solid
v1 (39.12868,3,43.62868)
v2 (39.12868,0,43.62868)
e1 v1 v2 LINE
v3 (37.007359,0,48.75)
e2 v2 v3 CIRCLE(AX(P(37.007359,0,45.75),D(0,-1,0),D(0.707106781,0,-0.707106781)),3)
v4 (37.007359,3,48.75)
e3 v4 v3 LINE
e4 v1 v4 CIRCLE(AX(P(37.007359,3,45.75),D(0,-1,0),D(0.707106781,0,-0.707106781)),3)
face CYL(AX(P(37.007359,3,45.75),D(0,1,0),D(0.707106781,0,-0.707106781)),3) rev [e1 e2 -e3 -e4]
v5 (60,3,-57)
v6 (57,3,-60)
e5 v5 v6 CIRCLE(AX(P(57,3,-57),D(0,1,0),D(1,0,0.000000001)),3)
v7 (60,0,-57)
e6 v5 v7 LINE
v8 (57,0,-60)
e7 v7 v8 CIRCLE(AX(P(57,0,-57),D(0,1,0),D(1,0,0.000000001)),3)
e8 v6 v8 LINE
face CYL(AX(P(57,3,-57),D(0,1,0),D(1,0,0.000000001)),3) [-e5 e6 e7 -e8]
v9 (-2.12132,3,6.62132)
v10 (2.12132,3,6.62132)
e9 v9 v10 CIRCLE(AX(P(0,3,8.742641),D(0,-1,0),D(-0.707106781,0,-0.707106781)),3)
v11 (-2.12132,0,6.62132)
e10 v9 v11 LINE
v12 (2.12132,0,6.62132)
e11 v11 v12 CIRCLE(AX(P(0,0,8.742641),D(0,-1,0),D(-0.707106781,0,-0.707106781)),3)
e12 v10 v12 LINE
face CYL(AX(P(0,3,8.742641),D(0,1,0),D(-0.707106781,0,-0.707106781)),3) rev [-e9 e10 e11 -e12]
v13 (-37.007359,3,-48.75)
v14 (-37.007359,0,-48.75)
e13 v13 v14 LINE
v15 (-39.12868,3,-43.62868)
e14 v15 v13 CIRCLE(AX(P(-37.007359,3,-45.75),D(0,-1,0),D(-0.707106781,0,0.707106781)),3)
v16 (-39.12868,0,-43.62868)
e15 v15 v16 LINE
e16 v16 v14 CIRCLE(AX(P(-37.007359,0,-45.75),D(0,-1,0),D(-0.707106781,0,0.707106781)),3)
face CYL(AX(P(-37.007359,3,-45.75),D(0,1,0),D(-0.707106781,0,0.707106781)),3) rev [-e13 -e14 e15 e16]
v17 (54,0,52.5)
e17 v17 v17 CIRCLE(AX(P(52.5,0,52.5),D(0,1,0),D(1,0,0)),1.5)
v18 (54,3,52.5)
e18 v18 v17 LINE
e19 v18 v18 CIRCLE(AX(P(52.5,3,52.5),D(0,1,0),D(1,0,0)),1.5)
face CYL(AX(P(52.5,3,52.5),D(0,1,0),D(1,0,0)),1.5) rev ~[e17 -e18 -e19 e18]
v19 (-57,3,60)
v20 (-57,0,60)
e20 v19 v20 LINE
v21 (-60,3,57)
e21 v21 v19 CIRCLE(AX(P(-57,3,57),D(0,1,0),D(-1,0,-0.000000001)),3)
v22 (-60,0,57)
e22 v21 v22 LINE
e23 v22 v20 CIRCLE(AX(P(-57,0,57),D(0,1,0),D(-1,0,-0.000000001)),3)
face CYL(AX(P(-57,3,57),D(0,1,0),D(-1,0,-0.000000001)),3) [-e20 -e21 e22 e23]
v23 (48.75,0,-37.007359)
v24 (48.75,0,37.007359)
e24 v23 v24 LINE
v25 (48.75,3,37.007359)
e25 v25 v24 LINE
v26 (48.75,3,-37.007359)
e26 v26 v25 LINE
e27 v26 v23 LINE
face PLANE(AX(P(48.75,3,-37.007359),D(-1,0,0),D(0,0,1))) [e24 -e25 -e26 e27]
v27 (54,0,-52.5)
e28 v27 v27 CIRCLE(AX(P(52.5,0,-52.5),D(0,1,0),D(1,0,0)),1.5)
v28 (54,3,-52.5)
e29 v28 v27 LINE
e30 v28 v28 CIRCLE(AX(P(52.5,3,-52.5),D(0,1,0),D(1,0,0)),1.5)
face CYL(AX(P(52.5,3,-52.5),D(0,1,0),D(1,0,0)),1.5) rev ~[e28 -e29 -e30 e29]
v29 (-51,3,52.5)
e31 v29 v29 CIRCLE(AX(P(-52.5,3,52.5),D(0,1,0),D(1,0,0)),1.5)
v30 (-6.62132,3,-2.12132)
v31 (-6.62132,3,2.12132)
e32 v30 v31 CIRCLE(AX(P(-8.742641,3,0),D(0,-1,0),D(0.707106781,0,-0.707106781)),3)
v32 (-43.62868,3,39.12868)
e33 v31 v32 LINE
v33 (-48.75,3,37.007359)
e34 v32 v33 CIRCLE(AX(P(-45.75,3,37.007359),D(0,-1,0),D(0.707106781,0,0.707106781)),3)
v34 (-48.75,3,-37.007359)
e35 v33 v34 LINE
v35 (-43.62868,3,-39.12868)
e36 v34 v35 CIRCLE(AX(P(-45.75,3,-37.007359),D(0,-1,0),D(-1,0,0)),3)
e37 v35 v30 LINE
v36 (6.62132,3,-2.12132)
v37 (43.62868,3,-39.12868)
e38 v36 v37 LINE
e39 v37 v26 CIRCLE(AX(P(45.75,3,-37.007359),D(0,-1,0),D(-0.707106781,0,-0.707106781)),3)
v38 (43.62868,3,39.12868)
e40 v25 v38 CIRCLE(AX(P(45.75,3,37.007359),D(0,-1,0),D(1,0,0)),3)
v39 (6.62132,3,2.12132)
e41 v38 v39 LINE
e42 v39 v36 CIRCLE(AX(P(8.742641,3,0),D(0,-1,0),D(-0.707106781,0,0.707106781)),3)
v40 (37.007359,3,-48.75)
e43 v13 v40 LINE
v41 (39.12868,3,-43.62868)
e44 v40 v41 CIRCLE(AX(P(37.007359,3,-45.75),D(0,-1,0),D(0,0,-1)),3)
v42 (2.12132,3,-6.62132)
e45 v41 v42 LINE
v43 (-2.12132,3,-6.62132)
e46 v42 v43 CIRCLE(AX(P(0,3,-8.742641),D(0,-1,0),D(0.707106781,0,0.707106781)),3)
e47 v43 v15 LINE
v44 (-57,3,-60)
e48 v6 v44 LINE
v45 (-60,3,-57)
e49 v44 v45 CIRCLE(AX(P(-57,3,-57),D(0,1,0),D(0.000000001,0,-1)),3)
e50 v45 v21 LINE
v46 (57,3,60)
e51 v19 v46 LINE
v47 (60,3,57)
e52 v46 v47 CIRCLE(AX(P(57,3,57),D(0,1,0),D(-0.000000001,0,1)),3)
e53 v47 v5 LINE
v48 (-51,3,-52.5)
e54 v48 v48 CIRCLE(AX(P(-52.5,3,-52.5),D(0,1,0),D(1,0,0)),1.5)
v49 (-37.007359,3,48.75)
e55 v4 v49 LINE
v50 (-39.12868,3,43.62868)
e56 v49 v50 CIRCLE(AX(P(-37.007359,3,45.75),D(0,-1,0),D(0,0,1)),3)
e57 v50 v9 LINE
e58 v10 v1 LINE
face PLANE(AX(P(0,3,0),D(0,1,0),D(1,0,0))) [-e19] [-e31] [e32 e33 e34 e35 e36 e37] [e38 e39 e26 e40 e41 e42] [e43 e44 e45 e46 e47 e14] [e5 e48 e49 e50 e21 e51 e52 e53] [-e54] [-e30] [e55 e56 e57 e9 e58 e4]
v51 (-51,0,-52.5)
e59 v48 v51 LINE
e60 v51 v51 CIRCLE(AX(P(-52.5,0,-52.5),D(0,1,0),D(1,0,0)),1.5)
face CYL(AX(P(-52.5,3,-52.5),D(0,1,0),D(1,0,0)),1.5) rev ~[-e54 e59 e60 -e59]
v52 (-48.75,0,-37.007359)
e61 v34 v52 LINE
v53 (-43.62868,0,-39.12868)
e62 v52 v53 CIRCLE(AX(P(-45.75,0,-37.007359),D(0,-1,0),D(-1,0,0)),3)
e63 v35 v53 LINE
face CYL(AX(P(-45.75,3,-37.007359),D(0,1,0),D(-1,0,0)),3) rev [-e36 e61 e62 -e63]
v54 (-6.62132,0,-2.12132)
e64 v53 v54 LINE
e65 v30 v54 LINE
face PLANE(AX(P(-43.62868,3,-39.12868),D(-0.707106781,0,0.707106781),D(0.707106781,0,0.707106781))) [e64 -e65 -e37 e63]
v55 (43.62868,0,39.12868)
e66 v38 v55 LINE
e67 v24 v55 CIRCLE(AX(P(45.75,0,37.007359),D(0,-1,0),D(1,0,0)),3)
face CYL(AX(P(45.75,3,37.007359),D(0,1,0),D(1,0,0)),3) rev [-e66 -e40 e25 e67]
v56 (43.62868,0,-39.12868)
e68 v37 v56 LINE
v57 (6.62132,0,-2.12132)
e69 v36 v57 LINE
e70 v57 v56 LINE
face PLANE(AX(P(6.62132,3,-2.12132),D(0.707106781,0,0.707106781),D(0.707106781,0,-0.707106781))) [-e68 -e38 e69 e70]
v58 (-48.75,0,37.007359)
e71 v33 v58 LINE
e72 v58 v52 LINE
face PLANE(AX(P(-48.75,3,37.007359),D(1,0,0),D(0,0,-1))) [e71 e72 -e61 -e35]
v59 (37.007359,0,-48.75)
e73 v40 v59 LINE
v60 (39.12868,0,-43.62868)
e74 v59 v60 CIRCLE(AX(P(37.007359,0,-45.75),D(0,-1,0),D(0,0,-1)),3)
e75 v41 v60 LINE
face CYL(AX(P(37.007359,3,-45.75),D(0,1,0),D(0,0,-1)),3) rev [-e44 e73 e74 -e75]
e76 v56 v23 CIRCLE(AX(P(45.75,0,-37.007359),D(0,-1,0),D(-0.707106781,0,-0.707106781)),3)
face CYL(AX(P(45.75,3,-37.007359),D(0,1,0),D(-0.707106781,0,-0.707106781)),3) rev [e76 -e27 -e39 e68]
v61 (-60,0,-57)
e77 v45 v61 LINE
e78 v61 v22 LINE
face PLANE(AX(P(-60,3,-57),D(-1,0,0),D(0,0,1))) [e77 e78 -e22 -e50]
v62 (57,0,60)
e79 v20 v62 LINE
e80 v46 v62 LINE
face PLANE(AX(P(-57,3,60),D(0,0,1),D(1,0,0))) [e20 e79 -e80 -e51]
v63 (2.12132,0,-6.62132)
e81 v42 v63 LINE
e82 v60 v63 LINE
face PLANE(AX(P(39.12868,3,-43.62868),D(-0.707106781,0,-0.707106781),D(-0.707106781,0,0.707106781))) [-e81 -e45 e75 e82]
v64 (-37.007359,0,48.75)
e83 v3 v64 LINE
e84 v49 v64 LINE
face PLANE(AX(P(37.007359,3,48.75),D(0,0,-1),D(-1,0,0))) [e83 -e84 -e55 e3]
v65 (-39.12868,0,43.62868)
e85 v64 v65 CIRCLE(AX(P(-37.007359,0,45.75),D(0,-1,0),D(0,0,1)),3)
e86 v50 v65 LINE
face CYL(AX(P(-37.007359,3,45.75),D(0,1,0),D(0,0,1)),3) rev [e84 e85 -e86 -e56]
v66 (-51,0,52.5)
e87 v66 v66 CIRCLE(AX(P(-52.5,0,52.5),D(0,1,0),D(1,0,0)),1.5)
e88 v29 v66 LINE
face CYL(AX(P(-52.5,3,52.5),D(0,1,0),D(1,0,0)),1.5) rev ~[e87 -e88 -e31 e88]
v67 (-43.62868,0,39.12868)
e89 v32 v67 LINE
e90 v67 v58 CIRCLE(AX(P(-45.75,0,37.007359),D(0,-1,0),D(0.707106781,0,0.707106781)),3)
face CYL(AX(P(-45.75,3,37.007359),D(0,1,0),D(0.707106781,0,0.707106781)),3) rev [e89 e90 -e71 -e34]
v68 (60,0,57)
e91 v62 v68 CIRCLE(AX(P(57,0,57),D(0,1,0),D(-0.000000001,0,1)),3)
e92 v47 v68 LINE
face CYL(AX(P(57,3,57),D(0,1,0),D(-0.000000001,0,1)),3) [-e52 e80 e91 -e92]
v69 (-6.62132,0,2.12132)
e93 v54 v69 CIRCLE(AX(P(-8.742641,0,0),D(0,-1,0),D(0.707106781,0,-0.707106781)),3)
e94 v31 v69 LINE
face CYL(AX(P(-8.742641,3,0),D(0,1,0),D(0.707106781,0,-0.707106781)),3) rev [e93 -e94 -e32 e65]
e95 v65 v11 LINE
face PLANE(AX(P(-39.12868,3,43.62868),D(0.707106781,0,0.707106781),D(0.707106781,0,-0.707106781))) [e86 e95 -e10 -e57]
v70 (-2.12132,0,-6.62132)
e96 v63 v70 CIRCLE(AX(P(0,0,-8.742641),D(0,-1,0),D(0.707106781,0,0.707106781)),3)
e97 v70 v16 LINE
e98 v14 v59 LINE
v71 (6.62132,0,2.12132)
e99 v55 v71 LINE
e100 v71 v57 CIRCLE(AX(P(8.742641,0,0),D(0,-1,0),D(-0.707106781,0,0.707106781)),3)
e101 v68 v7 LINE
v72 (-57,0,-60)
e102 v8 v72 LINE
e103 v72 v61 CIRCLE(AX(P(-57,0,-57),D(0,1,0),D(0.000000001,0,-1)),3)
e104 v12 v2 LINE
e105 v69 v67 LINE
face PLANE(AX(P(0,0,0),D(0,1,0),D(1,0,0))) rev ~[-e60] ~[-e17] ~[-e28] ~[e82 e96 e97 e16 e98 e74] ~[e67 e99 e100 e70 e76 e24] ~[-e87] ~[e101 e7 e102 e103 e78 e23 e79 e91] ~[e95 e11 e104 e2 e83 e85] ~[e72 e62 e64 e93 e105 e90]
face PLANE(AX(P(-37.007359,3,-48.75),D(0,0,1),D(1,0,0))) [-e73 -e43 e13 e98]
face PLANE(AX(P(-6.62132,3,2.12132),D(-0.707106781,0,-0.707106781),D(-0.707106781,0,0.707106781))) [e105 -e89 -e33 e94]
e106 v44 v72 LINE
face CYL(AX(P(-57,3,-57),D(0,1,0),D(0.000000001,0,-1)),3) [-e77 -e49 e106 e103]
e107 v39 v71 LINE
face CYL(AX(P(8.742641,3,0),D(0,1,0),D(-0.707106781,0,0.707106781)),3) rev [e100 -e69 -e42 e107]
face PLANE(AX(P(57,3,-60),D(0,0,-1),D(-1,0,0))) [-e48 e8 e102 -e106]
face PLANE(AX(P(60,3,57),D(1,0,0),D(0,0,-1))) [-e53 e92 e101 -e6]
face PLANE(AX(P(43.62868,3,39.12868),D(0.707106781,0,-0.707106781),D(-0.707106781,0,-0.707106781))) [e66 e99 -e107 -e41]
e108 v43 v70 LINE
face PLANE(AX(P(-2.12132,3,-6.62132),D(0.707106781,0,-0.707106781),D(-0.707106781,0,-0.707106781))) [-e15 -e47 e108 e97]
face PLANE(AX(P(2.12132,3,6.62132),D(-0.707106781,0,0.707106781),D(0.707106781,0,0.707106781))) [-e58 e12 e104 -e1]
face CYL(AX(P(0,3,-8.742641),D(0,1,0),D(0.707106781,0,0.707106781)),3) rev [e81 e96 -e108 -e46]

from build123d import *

# Parameters (mm, degrees)
SKETCH_1_R      = 1.5
EXTRUDE_1_DEPTH = 3


with BuildPart() as part:
    # 草圖1 → 填料-伸長1 (new body)
    with BuildSketch(Plane(origin=(0, 3, 0), x_dir=(1, 0, 0), z_dir=(0, 1, 0))):
        with BuildLine():
            Line((-60, 57), (-60, -57))
            ThreePointArc((-60, -57), (-59.121320344, -59.121320344), (-57, -60))
            Line((-57, -60), (57, -60))
            ThreePointArc((57, -60), (59.121320344, -59.121320344), (60, -57))
            Line((60, -57), (60, 57))
            ThreePointArc((60, 57), (59.121320344, 59.121320344), (57, 60))
            Line((57, 60), (-57, 60))
            ThreePointArc((-57, 60), (-59.121320344, 59.121320344), (-60, 57))
        make_face()
        with Locations((52.5, -52.5)):
            Circle(SKETCH_1_R, mode=Mode.SUBTRACT)
        with Locations((-52.5, 52.5)):
            Circle(SKETCH_1_R, mode=Mode.SUBTRACT)
        with Locations((52.5, 52.5)):
            Circle(SKETCH_1_R, mode=Mode.SUBTRACT)
        with Locations((-52.5, -52.5)):
            Circle(SKETCH_1_R, mode=Mode.SUBTRACT)
        with BuildLine():
            Line((43.628679656, -39.128679656), (6.621320344, -2.121320344))
            ThreePointArc((6.621320344, -2.121320344), (5.742640687, 0), (6.621320344, 2.121320344))
            Line((6.621320344, 2.121320344), (43.628679656, 39.128679656))
            ThreePointArc((43.628679656, 39.128679656), (46.898050297, 39.77899791), (48.75, 37.007359313))
            Line((48.75, 37.007359313), (48.75, -37.007359313))
            ThreePointArc((48.75, -37.007359313), (46.898050297, -39.77899791), (43.628679656, -39.128679656))
        make_face(mode=Mode.SUBTRACT)
        with BuildLine():
            Line((39.128679656, 43.628679656), (2.121320344, 6.621320344))
            ThreePointArc((2.121320344, 6.621320344), (0, 5.742640687), (-2.121320344, 6.621320344))
            Line((-2.121320344, 6.621320344), (-39.128679656, 43.628679656))
            ThreePointArc((-39.128679656, 43.628679656), (-39.77899791, 46.898050297), (-37.007359313, 48.75))
            Line((-37.007359313, 48.75), (37.007359313, 48.75))
            ThreePointArc((37.007359313, 48.75), (39.77899791, 46.898050297), (39.128679656, 43.628679656))
        make_face(mode=Mode.SUBTRACT)
        with BuildLine():
            Line((-39.128679656, -43.628679656), (-2.121320344, -6.621320344))
            ThreePointArc((-2.121320344, -6.621320344), (0, -5.742640687), (2.121320344, -6.621320344))
            Line((2.121320344, -6.621320344), (39.128679656, -43.628679656))
            ThreePointArc((39.128679656, -43.628679656), (39.77899791, -46.898050297), (37.007359313, -48.75))
            Line((37.007359313, -48.75), (-37.007359313, -48.75))
            ThreePointArc((-37.007359313, -48.75), (-39.77899791, -46.898050297), (-39.128679656, -43.628679656))
        make_face(mode=Mode.SUBTRACT)
        with BuildLine():
            Line((-48.75, -37.007359313), (-48.75, 37.007359313))
            ThreePointArc((-48.75, 37.007359313), (-46.898050297, 39.77899791), (-43.628679656, 39.128679656))
            Line((-43.628679656, 39.128679656), (-6.621320344, 2.121320344))
            ThreePointArc((-6.621320344, 2.121320344), (-5.742640687, 0), (-6.621320344, -2.121320344))
            Line((-6.621320344, -2.121320344), (-43.628679656, -39.128679656))
            ThreePointArc((-43.628679656, -39.128679656), (-46.898050297, -39.77899791), (-48.75, -37.007359313))
        make_face(mode=Mode.SUBTRACT)
    extrude(amount=-EXTRUDE_1_DEPTH)


solid = part.part
